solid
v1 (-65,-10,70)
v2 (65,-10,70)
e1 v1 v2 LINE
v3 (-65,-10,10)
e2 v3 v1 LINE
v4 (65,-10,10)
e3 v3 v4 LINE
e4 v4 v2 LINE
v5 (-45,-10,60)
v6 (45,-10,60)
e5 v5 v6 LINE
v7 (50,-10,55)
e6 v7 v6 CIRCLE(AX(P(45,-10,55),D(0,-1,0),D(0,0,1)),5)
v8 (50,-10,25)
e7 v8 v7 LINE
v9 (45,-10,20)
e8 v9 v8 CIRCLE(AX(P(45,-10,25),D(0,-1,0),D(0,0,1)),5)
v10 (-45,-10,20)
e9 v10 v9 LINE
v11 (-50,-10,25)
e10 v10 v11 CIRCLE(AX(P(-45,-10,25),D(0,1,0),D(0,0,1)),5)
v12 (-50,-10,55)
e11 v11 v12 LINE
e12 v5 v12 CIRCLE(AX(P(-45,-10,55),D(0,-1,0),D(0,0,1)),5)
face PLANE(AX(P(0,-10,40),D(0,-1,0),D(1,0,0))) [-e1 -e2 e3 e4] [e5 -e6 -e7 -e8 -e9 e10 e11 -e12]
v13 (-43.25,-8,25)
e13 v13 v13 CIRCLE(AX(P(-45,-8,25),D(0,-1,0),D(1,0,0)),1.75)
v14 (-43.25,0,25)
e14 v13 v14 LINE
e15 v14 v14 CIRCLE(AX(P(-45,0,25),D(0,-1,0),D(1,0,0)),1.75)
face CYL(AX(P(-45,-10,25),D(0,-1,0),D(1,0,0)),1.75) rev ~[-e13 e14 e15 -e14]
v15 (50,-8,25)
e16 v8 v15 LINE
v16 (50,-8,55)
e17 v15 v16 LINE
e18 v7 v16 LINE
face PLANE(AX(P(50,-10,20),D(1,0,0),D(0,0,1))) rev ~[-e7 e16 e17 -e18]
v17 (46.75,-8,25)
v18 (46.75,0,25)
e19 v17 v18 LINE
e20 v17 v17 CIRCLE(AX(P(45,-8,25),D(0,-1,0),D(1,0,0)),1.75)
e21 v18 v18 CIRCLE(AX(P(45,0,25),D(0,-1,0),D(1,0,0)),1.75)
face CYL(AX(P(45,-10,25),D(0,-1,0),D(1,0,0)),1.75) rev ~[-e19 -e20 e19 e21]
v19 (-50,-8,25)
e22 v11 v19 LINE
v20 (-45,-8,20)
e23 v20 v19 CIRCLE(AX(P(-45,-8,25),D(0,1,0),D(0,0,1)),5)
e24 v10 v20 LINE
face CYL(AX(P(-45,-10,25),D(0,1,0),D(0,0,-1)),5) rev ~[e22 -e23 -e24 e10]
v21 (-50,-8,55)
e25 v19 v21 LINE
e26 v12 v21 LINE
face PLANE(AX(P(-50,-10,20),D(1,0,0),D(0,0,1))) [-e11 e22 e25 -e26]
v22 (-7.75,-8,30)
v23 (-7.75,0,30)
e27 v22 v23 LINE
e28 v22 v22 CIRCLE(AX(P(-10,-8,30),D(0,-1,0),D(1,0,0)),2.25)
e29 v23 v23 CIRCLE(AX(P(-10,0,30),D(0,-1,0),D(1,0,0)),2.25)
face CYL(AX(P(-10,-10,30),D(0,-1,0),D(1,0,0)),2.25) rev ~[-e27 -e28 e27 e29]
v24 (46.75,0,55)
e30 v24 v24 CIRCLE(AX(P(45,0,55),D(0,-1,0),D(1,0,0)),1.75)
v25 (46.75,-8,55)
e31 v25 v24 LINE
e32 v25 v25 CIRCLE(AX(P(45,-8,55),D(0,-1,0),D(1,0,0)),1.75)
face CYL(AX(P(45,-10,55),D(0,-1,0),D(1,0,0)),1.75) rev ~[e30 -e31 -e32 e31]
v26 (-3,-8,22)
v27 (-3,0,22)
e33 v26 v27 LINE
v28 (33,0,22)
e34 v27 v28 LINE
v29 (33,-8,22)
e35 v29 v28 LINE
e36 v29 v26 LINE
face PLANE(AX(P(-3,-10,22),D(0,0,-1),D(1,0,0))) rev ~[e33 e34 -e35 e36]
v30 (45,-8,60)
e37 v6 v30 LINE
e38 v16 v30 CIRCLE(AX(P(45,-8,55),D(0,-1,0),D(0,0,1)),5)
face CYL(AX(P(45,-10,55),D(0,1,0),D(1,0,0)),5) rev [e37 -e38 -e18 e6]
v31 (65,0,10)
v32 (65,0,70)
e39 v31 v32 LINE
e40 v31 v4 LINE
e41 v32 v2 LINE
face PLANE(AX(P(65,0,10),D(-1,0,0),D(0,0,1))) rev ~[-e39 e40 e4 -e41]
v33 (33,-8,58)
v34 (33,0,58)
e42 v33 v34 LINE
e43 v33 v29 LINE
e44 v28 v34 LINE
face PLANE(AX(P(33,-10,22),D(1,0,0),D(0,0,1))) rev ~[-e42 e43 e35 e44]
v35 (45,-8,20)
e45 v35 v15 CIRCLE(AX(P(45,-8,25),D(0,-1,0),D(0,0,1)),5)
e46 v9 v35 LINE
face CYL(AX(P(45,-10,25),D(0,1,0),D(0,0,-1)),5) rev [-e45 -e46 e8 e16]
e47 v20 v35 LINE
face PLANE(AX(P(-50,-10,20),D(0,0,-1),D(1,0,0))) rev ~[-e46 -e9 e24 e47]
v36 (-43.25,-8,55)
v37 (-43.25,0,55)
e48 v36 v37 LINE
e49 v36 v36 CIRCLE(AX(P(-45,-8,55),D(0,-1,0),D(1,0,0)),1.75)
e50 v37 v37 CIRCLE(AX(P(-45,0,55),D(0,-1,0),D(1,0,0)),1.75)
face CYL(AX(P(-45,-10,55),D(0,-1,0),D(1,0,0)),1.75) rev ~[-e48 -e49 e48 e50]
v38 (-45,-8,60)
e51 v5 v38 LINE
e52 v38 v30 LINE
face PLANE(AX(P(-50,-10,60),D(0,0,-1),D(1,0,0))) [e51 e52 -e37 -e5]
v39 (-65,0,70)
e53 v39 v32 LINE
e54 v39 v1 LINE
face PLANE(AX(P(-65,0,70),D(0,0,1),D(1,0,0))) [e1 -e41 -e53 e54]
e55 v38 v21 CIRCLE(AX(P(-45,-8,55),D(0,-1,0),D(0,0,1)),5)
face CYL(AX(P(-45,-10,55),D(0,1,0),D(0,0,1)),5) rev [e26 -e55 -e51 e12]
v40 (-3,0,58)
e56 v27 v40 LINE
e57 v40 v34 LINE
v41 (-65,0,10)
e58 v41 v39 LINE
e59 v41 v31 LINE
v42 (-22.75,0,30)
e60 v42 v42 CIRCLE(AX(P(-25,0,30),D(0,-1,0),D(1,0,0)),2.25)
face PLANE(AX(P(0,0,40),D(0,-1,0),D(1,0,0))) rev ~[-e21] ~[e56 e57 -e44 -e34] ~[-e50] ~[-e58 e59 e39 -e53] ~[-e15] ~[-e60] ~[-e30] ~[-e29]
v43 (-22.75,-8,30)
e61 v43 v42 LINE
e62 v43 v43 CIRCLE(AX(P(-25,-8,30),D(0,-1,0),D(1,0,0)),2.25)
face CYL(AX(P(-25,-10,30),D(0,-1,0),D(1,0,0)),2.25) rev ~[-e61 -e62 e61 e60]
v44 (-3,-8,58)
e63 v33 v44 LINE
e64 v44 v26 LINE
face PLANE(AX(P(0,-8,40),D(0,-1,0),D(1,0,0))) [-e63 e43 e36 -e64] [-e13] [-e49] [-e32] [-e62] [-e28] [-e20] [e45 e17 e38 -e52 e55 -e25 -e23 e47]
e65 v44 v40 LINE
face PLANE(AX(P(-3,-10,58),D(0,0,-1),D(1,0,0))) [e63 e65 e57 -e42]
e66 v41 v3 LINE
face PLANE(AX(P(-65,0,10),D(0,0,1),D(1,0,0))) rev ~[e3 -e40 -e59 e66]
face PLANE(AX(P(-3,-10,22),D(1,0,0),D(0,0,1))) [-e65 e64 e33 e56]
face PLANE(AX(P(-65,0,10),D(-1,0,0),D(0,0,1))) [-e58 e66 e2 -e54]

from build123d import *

# Parameters (mm, degrees)
SKETCH022_W          = 130
SKETCH022_H          = 60
PAD008_DEPTH         = 10
SKETCH023_R          = 2.25
SKETCH023_R_2        = 1.75
SKETCH023_W          = 36
SKETCH023_H          = 36
POCKET014_DEPTH      = 10.001
POCKET014_DEPTH_BACK = 0.001
SKETCH024_W          = 100
SKETCH024_H          = 40
POCKET015_DEPTH      = 2
FILLET002_R          = 5


with BuildPart() as part:
    # Sketch022 → Pad008 (new body)
    with BuildSketch(Plane.XZ):
        with Locations((0, 40)):
            Rectangle(SKETCH022_W, SKETCH022_H)
    extrude(amount=PAD008_DEPTH)

    # Sketch023 (on Face6 of Pad008) → Pocket014 (cut, two sides)
    with BuildSketch(Plane.XZ.offset(10)) as pocket014_sk:
        with Locations((-25, 30)):
            Circle(SKETCH023_R)
        with Locations((-10, 30)):
            Circle(SKETCH023_R)
        with Locations((-45, 55)):
            Circle(SKETCH023_R_2)
        with Locations((-45, 25)):
            Circle(SKETCH023_R_2)
        with Locations((45, 55)):
            Circle(SKETCH023_R_2)
        with Locations((45, 25)):
            Circle(SKETCH023_R_2)
        with Locations((15, 40)):
            Rectangle(SKETCH023_W, SKETCH023_H)
    extrude(amount=-POCKET014_DEPTH, mode=Mode.SUBTRACT)
    extrude(pocket014_sk.sketch, amount=POCKET014_DEPTH_BACK, mode=Mode.SUBTRACT)

    # Sketch024 (on Face5 of Pocket014) → Pocket015 (cut)
    with BuildSketch(Plane.XZ.offset(10)):
        with Locations((0, 40)):
            Rectangle(SKETCH024_W, SKETCH024_H)
    extrude(amount=-POCKET015_DEPTH, mode=Mode.SUBTRACT)

    # Fillet002
    fillet002_edges = [part.edges().sort_by_distance(p)[0] for p in [
        (50, -9, 60),
        (50, -9, 20),
        (-50, -9, 20),
        (-50, -9, 60),
    ]]
    fillet(fillet002_edges, radius=FILLET002_R)


solid = part.part
